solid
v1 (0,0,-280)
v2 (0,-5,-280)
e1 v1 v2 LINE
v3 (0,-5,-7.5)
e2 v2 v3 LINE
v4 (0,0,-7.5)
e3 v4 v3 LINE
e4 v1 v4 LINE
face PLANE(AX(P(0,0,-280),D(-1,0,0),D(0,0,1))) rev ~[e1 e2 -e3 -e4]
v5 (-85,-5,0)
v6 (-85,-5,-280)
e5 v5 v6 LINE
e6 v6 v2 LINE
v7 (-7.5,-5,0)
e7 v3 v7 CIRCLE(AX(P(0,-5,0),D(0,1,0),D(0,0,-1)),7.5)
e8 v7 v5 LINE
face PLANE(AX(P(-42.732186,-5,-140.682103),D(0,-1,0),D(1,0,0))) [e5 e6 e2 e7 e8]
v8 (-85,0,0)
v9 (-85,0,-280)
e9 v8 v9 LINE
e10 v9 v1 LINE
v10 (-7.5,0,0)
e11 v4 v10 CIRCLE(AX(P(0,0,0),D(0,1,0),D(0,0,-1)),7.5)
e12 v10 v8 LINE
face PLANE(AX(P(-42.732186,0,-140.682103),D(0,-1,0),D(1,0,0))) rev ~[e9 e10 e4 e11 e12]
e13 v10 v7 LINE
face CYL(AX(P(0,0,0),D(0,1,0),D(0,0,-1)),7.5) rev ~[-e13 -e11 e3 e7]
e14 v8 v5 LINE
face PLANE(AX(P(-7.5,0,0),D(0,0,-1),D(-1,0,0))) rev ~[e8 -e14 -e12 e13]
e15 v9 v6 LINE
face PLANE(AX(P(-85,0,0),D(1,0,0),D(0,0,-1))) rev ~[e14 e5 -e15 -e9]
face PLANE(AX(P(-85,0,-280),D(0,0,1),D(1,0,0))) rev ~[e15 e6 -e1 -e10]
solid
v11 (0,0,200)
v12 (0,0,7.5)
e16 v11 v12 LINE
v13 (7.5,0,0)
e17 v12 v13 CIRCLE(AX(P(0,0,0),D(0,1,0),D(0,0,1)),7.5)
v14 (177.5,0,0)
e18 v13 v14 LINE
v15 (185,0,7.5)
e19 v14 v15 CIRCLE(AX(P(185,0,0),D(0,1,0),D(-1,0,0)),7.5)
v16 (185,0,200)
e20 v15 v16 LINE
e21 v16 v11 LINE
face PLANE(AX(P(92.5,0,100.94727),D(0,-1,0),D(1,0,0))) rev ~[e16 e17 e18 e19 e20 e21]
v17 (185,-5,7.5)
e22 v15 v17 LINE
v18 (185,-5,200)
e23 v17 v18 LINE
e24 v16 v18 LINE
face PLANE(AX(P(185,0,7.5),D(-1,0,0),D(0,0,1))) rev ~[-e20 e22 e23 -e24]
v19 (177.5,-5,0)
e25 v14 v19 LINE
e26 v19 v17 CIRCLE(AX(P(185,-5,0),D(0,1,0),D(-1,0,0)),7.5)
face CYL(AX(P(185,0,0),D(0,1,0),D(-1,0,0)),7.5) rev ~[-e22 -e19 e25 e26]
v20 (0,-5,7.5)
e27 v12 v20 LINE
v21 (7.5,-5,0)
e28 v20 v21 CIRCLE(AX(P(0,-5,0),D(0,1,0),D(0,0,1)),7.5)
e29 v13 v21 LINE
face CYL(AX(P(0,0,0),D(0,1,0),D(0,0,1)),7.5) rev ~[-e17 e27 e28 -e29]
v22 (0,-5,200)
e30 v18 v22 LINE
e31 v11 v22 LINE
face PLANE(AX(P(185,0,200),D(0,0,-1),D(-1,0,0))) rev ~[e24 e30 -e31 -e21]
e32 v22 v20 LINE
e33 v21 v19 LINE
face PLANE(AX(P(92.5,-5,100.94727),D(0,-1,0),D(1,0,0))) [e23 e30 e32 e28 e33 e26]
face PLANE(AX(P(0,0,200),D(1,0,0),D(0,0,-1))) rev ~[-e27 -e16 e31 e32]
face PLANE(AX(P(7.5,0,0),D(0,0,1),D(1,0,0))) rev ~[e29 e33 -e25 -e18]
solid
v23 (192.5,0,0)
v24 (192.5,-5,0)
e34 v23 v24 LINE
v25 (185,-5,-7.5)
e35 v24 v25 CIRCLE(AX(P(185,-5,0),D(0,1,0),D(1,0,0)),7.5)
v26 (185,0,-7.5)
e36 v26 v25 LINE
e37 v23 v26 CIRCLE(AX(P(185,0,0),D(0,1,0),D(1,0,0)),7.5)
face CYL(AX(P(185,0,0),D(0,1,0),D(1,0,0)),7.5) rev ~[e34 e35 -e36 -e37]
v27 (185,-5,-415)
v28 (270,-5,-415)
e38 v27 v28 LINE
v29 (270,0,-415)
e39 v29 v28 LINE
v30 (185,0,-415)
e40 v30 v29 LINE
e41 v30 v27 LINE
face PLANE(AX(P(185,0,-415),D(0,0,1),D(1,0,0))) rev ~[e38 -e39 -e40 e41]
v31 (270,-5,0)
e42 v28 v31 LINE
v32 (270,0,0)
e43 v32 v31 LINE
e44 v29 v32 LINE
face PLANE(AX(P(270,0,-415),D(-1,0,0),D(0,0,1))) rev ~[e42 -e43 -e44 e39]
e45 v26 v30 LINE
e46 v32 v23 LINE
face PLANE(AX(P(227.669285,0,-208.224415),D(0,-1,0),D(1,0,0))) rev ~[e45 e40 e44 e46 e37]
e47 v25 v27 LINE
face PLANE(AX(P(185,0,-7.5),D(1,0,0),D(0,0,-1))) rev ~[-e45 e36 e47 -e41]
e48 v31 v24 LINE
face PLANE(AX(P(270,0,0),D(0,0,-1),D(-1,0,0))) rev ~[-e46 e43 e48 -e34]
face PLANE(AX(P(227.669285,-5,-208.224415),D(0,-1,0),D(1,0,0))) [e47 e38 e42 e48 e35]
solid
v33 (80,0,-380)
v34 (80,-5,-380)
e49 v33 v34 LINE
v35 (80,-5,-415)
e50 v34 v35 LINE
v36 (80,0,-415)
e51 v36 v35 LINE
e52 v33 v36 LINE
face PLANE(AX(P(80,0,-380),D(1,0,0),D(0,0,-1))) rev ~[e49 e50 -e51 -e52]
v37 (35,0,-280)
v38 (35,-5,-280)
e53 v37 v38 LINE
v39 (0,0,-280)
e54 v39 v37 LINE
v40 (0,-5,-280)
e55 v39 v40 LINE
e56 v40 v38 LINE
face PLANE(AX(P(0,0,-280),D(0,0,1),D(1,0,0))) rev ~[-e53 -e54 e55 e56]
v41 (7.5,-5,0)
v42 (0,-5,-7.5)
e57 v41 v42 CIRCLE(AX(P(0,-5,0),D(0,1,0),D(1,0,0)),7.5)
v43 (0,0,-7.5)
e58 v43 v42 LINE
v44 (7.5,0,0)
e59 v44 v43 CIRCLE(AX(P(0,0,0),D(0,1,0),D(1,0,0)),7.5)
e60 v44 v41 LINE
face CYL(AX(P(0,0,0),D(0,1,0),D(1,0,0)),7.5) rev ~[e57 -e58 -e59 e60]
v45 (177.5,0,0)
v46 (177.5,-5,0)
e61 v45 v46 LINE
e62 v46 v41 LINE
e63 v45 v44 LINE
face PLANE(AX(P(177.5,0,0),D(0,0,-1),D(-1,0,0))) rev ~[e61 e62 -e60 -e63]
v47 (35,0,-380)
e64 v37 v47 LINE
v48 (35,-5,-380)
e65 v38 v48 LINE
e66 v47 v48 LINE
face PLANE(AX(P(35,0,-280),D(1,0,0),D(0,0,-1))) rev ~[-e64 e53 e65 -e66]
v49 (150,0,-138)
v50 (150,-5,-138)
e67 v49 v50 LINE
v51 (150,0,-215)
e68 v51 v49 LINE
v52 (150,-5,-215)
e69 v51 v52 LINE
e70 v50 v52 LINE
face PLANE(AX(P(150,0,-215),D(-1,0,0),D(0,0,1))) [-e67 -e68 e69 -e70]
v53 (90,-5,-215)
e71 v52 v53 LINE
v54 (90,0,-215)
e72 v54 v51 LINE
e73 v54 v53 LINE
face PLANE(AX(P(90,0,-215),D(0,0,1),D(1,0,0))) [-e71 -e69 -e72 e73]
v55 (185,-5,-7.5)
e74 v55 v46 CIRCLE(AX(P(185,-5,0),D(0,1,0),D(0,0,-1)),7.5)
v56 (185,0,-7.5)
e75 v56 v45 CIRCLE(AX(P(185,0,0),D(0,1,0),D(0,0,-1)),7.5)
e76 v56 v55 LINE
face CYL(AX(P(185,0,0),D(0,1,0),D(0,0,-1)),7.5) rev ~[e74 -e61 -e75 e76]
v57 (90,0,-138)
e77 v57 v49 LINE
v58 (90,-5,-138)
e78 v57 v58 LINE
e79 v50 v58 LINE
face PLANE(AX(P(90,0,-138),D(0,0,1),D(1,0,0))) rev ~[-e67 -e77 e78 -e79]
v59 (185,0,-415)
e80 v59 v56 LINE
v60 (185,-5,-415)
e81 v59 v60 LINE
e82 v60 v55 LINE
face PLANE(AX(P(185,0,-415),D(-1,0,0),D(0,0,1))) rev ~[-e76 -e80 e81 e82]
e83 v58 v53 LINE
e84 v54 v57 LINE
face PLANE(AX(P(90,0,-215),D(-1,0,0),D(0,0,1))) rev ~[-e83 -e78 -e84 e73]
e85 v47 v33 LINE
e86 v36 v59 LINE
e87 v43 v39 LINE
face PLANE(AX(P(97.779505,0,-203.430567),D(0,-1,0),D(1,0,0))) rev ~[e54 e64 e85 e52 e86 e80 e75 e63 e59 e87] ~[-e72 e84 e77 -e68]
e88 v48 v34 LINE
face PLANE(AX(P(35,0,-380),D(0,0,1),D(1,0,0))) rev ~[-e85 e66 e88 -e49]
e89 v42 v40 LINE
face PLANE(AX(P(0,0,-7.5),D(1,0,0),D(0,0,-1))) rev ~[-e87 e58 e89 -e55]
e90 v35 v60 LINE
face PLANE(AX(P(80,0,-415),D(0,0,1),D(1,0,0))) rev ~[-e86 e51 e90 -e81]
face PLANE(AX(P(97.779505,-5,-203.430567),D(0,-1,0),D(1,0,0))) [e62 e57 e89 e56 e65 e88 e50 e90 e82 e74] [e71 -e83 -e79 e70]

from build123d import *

# Parameters (mm, degrees)
F1_DEPTH      = 5
F2_W          = 60
F2_H          = 77
F3_DEPTH      = 25
F3_DEPTH_BACK = 25
F5_DEPTH      = 5


with BuildPart() as f1:
    # F0 (on Front) → F1 (new body)
    with BuildSketch(Plane.XZ):
        with BuildLine():
            Line((177.5, 0), (7.5, 0))
            ThreePointArc((7.5, 0), (5.3033008589, -5.3033008589), (0, -7.5))
            Line((0, -7.5), (0, -215))
            Line((0, -215), (0, -280))
            Line((0, -280), (35, -280))
            Line((35, -280), (35, -380))
            Line((35, -380), (80, -380))
            Line((80, -380), (80, -415))
            Line((80, -415), (185, -415))
            Line((185, -415), (185, -7.5))
            ThreePointArc((185, -7.5), (179.6966991411, -5.3033008589), (177.5, 0))
        make_face()
    extrude(amount=F1_DEPTH)

    # F2 (on Front) → F3 (cut, two sides)
    with BuildSketch(Plane.XZ) as f3_sk:
        with Locations((120, -176.5)):
            Rectangle(F2_W, F2_H)
    extrude(amount=-F3_DEPTH, mode=Mode.SUBTRACT)
    extrude(f3_sk.sketch, amount=F3_DEPTH_BACK, mode=Mode.SUBTRACT)


with BuildPart() as f5:
    # F4 (on Front) → F5 (new body)
    with BuildSketch(Plane.XZ):
        with BuildLine():
            ThreePointArc((0, -7.5), (-5.3033008589, -5.3033008589), (-7.5, 0))
            Line((-7.5, 0), (-85, 0))
            Line((-85, 0), (-85, -280))
            Line((-85, -280), (0, -280))
            Line((0, -280), (0, -7.5))
        make_face()
    extrude(amount=F5_DEPTH)


with BuildPart() as f5b:
    # F4 (on Front) → F5, piece 2 (new body)
    with BuildSketch(Plane.XZ):
        with BuildLine():
            ThreePointArc((192.5, 0), (190.3033008589, -5.3033008589), (185, -7.5))
            Line((185, -7.5), (185, -415))
            Line((185, -415), (270, -415))
            Line((270, -415), (270, 0))
            Line((270, 0), (192.5, 0))
        make_face()
    extrude(amount=F5_DEPTH)


with BuildPart() as f5c:
    # F4 (on Front) → F5, piece 3 (new body)
    with BuildSketch(Plane.XZ):
        with BuildLine():
            ThreePointArc((0, 7.5), (5.3033008589, 5.3033008589), (7.5, 0))
            Line((7.5, 0), (177.5, 0))
            ThreePointArc((177.5, 0), (179.6966991411, 5.3033008589), (185, 7.5))
            Line((185, 7.5), (185, 200))
            Line((185, 200), (0, 200))
            Line((0, 200), (0, 7.5))
        make_face()
    extrude(amount=F5_DEPTH)


solid = Compound([f1.part, f5.part, f5b.part, f5c.part])
